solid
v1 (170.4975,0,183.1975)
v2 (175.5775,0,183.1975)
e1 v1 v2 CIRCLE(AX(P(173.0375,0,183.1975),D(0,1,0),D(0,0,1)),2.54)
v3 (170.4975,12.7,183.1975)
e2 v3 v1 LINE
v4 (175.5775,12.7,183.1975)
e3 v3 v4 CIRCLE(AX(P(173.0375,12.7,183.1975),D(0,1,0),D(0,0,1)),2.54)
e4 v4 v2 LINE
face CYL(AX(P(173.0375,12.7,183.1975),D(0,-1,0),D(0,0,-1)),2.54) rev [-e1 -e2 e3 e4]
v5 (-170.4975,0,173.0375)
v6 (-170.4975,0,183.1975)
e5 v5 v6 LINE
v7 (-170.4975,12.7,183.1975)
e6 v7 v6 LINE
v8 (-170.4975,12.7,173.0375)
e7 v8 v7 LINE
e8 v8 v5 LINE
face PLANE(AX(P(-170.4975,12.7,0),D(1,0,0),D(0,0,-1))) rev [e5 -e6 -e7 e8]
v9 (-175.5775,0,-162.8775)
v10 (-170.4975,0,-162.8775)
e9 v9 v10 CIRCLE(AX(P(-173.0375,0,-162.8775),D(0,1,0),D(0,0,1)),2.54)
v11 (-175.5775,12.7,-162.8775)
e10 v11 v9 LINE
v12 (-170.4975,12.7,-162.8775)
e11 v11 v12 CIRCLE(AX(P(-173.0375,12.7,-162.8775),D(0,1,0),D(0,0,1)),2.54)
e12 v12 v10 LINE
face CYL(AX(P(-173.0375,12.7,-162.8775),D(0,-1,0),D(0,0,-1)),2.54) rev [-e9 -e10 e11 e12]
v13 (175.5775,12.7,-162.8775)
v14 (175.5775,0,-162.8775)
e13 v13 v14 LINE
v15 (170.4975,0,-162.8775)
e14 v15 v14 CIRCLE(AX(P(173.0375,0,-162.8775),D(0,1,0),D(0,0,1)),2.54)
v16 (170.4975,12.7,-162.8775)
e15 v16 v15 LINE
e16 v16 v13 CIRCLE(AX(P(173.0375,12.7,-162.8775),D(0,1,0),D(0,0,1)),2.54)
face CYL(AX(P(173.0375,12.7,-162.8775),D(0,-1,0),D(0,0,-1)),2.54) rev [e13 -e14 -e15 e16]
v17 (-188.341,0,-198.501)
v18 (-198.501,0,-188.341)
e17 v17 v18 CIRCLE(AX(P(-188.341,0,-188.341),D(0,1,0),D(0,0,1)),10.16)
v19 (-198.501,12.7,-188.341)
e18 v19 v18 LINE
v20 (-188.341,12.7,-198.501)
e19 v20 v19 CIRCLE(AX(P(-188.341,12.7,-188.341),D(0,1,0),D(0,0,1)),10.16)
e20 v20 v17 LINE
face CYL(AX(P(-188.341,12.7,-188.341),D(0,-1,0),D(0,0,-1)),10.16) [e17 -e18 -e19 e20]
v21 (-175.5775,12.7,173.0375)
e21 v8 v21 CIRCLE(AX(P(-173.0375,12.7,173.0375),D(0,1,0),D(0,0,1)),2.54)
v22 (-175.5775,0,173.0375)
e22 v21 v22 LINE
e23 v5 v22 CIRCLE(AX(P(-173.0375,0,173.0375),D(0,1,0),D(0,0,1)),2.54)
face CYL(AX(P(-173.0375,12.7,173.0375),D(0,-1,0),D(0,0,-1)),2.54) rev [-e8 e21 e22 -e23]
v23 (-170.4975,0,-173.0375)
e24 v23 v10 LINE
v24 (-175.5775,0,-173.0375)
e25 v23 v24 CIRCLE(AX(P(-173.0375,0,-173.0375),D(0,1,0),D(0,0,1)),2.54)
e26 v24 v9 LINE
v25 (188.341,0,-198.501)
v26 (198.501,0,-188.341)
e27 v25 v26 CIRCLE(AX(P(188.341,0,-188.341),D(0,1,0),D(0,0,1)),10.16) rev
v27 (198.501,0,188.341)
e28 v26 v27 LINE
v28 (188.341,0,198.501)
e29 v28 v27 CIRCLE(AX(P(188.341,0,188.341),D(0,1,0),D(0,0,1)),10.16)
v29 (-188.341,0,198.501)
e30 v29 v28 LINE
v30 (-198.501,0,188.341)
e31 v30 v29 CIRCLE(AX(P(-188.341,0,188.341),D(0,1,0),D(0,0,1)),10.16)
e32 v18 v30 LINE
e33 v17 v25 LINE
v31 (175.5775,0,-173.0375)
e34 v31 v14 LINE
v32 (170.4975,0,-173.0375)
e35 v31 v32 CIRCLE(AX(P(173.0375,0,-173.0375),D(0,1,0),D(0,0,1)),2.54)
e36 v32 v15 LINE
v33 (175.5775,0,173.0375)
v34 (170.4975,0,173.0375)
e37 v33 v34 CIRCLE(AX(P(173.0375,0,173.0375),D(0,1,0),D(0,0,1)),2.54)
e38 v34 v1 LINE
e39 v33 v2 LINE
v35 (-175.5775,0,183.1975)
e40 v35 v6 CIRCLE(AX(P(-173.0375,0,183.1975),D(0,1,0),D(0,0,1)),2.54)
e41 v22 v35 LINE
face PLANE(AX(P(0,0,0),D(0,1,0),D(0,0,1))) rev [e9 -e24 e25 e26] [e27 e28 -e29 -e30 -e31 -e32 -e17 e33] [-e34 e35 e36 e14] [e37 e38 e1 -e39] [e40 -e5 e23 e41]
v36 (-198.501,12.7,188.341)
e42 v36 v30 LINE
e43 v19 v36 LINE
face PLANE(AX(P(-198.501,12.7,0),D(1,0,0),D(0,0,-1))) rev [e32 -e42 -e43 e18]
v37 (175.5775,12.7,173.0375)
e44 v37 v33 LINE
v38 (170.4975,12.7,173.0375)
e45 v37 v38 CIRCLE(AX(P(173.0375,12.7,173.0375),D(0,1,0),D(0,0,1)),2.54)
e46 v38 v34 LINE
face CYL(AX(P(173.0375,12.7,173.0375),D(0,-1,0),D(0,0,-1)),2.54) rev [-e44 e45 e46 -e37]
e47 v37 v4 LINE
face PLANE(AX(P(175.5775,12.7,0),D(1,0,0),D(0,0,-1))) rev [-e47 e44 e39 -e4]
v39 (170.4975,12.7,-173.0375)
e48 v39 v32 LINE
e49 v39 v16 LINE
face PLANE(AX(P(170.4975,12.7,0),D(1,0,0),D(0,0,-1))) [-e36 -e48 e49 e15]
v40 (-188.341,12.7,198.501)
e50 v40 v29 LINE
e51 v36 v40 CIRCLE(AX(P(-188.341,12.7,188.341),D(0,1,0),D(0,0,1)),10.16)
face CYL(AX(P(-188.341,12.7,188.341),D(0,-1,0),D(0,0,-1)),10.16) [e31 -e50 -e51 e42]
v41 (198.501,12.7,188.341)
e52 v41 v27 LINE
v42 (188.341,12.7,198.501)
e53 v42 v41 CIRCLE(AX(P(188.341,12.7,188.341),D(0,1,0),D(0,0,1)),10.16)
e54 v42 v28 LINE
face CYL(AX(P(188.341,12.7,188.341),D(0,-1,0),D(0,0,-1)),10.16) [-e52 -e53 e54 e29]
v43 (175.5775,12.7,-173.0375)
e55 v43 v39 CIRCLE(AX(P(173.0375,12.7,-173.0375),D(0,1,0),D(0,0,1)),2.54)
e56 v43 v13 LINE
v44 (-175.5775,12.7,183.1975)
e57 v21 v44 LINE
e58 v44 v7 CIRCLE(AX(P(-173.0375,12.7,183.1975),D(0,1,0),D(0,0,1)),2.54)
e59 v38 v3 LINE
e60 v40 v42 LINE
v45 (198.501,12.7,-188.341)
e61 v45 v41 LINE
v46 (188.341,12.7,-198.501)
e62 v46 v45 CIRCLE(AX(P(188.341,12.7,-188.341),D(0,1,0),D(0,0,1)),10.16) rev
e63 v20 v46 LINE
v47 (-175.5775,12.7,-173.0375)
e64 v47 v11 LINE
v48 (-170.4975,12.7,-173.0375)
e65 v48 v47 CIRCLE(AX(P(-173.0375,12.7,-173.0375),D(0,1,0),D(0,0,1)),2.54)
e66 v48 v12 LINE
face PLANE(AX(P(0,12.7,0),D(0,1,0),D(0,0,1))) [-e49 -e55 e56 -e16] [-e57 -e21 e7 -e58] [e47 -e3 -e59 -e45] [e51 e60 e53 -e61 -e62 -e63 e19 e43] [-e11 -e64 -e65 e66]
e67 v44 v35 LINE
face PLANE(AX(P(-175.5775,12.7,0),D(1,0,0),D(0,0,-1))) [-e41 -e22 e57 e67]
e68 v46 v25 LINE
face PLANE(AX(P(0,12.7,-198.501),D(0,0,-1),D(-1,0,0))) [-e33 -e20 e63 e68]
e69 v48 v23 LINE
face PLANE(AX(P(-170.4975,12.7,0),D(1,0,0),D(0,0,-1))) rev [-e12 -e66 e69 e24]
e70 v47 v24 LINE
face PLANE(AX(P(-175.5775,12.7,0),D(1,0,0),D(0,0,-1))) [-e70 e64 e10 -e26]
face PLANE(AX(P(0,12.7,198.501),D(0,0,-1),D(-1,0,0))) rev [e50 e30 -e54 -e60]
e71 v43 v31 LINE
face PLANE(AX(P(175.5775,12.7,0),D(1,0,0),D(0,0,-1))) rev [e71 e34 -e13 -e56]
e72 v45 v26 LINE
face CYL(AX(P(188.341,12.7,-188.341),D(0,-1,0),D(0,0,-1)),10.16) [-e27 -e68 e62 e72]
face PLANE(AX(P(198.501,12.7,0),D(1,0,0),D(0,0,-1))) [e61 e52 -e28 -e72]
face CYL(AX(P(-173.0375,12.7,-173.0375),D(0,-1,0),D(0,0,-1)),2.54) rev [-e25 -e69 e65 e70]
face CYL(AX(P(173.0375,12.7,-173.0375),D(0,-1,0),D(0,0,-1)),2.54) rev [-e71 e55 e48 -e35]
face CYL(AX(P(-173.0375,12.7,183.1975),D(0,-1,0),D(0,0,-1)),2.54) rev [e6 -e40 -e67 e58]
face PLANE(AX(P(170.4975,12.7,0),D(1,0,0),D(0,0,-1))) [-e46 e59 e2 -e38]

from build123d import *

# Parameters (mm, degrees)
BOSS_EXTRUDE1_DEPTH = 12.7


with BuildPart() as part:
    # Sketch1 → Boss-Extrude1 (new body)
    with BuildSketch(Plane(origin=(0, 0, 0), x_dir=(1, 0, 0), z_dir=(0, 1, 0))):
        with BuildLine():
            Line((-188.341, 198.501), (188.341, 198.501))
            ThreePointArc((188.341, 198.501), (195.525204897, 195.525204897), (198.501, 188.341))
            Line((198.501, 188.341), (198.501, -188.341))
            ThreePointArc((198.501, -188.341), (195.525204897, -195.525204897), (188.341, -198.501))
            Line((188.341, -198.501), (-188.341, -198.501))
            ThreePointArc((-188.341, -198.501), (-195.525204897, -195.525204897), (-198.501, -188.341))
            Line((-198.501, -188.341), (-198.501, 188.341))
            ThreePointArc((-198.501, 188.341), (-195.525204897, 195.525204897), (-188.341, 198.501))
        make_face()
        with BuildLine():
            Line((-170.4975, 173.0375), (-170.4975, 162.8775))
            ThreePointArc((-170.4975, 162.8775), (-173.0375, 160.3375), (-175.5775, 162.8775))
            Line((-175.5775, 162.8775), (-175.5775, 173.0375))
            ThreePointArc((-175.5775, 173.0375), (-173.0375, 175.5775), (-170.4975, 173.0375))
        make_face(mode=Mode.SUBTRACT)
        with BuildLine():
            Line((175.5775, 173.0375), (175.5775, 162.8775))
            ThreePointArc((175.5775, 162.8775), (173.0375, 160.3375), (170.4975, 162.8775))
            Line((170.4975, 162.8775), (170.4975, 173.0375))
            ThreePointArc((170.4975, 173.0375), (173.0375, 175.5775), (175.5775, 173.0375))
        make_face(mode=Mode.SUBTRACT)
        with BuildLine():
            Line((-170.4975, -173.0375), (-170.4975, -183.1975))
            ThreePointArc((-170.4975, -183.1975), (-173.0375, -185.7375), (-175.5775, -183.1975))
            Line((-175.5775, -183.1975), (-175.5775, -173.0375))
            ThreePointArc((-175.5775, -173.0375), (-173.0375, -170.4975), (-170.4975, -173.0375))
        make_face(mode=Mode.SUBTRACT)
        with BuildLine():
            Line((175.5775, -173.0375), (175.5775, -183.1975))
            ThreePointArc((175.5775, -183.1975), (173.0375, -185.7375), (170.4975, -183.1975))
            Line((170.4975, -183.1975), (170.4975, -173.0375))
            ThreePointArc((170.4975, -173.0375), (173.0375, -170.4975), (175.5775, -173.0375))
        make_face(mode=Mode.SUBTRACT)
    extrude(amount=BOSS_EXTRUDE1_DEPTH)


solid = part.part
